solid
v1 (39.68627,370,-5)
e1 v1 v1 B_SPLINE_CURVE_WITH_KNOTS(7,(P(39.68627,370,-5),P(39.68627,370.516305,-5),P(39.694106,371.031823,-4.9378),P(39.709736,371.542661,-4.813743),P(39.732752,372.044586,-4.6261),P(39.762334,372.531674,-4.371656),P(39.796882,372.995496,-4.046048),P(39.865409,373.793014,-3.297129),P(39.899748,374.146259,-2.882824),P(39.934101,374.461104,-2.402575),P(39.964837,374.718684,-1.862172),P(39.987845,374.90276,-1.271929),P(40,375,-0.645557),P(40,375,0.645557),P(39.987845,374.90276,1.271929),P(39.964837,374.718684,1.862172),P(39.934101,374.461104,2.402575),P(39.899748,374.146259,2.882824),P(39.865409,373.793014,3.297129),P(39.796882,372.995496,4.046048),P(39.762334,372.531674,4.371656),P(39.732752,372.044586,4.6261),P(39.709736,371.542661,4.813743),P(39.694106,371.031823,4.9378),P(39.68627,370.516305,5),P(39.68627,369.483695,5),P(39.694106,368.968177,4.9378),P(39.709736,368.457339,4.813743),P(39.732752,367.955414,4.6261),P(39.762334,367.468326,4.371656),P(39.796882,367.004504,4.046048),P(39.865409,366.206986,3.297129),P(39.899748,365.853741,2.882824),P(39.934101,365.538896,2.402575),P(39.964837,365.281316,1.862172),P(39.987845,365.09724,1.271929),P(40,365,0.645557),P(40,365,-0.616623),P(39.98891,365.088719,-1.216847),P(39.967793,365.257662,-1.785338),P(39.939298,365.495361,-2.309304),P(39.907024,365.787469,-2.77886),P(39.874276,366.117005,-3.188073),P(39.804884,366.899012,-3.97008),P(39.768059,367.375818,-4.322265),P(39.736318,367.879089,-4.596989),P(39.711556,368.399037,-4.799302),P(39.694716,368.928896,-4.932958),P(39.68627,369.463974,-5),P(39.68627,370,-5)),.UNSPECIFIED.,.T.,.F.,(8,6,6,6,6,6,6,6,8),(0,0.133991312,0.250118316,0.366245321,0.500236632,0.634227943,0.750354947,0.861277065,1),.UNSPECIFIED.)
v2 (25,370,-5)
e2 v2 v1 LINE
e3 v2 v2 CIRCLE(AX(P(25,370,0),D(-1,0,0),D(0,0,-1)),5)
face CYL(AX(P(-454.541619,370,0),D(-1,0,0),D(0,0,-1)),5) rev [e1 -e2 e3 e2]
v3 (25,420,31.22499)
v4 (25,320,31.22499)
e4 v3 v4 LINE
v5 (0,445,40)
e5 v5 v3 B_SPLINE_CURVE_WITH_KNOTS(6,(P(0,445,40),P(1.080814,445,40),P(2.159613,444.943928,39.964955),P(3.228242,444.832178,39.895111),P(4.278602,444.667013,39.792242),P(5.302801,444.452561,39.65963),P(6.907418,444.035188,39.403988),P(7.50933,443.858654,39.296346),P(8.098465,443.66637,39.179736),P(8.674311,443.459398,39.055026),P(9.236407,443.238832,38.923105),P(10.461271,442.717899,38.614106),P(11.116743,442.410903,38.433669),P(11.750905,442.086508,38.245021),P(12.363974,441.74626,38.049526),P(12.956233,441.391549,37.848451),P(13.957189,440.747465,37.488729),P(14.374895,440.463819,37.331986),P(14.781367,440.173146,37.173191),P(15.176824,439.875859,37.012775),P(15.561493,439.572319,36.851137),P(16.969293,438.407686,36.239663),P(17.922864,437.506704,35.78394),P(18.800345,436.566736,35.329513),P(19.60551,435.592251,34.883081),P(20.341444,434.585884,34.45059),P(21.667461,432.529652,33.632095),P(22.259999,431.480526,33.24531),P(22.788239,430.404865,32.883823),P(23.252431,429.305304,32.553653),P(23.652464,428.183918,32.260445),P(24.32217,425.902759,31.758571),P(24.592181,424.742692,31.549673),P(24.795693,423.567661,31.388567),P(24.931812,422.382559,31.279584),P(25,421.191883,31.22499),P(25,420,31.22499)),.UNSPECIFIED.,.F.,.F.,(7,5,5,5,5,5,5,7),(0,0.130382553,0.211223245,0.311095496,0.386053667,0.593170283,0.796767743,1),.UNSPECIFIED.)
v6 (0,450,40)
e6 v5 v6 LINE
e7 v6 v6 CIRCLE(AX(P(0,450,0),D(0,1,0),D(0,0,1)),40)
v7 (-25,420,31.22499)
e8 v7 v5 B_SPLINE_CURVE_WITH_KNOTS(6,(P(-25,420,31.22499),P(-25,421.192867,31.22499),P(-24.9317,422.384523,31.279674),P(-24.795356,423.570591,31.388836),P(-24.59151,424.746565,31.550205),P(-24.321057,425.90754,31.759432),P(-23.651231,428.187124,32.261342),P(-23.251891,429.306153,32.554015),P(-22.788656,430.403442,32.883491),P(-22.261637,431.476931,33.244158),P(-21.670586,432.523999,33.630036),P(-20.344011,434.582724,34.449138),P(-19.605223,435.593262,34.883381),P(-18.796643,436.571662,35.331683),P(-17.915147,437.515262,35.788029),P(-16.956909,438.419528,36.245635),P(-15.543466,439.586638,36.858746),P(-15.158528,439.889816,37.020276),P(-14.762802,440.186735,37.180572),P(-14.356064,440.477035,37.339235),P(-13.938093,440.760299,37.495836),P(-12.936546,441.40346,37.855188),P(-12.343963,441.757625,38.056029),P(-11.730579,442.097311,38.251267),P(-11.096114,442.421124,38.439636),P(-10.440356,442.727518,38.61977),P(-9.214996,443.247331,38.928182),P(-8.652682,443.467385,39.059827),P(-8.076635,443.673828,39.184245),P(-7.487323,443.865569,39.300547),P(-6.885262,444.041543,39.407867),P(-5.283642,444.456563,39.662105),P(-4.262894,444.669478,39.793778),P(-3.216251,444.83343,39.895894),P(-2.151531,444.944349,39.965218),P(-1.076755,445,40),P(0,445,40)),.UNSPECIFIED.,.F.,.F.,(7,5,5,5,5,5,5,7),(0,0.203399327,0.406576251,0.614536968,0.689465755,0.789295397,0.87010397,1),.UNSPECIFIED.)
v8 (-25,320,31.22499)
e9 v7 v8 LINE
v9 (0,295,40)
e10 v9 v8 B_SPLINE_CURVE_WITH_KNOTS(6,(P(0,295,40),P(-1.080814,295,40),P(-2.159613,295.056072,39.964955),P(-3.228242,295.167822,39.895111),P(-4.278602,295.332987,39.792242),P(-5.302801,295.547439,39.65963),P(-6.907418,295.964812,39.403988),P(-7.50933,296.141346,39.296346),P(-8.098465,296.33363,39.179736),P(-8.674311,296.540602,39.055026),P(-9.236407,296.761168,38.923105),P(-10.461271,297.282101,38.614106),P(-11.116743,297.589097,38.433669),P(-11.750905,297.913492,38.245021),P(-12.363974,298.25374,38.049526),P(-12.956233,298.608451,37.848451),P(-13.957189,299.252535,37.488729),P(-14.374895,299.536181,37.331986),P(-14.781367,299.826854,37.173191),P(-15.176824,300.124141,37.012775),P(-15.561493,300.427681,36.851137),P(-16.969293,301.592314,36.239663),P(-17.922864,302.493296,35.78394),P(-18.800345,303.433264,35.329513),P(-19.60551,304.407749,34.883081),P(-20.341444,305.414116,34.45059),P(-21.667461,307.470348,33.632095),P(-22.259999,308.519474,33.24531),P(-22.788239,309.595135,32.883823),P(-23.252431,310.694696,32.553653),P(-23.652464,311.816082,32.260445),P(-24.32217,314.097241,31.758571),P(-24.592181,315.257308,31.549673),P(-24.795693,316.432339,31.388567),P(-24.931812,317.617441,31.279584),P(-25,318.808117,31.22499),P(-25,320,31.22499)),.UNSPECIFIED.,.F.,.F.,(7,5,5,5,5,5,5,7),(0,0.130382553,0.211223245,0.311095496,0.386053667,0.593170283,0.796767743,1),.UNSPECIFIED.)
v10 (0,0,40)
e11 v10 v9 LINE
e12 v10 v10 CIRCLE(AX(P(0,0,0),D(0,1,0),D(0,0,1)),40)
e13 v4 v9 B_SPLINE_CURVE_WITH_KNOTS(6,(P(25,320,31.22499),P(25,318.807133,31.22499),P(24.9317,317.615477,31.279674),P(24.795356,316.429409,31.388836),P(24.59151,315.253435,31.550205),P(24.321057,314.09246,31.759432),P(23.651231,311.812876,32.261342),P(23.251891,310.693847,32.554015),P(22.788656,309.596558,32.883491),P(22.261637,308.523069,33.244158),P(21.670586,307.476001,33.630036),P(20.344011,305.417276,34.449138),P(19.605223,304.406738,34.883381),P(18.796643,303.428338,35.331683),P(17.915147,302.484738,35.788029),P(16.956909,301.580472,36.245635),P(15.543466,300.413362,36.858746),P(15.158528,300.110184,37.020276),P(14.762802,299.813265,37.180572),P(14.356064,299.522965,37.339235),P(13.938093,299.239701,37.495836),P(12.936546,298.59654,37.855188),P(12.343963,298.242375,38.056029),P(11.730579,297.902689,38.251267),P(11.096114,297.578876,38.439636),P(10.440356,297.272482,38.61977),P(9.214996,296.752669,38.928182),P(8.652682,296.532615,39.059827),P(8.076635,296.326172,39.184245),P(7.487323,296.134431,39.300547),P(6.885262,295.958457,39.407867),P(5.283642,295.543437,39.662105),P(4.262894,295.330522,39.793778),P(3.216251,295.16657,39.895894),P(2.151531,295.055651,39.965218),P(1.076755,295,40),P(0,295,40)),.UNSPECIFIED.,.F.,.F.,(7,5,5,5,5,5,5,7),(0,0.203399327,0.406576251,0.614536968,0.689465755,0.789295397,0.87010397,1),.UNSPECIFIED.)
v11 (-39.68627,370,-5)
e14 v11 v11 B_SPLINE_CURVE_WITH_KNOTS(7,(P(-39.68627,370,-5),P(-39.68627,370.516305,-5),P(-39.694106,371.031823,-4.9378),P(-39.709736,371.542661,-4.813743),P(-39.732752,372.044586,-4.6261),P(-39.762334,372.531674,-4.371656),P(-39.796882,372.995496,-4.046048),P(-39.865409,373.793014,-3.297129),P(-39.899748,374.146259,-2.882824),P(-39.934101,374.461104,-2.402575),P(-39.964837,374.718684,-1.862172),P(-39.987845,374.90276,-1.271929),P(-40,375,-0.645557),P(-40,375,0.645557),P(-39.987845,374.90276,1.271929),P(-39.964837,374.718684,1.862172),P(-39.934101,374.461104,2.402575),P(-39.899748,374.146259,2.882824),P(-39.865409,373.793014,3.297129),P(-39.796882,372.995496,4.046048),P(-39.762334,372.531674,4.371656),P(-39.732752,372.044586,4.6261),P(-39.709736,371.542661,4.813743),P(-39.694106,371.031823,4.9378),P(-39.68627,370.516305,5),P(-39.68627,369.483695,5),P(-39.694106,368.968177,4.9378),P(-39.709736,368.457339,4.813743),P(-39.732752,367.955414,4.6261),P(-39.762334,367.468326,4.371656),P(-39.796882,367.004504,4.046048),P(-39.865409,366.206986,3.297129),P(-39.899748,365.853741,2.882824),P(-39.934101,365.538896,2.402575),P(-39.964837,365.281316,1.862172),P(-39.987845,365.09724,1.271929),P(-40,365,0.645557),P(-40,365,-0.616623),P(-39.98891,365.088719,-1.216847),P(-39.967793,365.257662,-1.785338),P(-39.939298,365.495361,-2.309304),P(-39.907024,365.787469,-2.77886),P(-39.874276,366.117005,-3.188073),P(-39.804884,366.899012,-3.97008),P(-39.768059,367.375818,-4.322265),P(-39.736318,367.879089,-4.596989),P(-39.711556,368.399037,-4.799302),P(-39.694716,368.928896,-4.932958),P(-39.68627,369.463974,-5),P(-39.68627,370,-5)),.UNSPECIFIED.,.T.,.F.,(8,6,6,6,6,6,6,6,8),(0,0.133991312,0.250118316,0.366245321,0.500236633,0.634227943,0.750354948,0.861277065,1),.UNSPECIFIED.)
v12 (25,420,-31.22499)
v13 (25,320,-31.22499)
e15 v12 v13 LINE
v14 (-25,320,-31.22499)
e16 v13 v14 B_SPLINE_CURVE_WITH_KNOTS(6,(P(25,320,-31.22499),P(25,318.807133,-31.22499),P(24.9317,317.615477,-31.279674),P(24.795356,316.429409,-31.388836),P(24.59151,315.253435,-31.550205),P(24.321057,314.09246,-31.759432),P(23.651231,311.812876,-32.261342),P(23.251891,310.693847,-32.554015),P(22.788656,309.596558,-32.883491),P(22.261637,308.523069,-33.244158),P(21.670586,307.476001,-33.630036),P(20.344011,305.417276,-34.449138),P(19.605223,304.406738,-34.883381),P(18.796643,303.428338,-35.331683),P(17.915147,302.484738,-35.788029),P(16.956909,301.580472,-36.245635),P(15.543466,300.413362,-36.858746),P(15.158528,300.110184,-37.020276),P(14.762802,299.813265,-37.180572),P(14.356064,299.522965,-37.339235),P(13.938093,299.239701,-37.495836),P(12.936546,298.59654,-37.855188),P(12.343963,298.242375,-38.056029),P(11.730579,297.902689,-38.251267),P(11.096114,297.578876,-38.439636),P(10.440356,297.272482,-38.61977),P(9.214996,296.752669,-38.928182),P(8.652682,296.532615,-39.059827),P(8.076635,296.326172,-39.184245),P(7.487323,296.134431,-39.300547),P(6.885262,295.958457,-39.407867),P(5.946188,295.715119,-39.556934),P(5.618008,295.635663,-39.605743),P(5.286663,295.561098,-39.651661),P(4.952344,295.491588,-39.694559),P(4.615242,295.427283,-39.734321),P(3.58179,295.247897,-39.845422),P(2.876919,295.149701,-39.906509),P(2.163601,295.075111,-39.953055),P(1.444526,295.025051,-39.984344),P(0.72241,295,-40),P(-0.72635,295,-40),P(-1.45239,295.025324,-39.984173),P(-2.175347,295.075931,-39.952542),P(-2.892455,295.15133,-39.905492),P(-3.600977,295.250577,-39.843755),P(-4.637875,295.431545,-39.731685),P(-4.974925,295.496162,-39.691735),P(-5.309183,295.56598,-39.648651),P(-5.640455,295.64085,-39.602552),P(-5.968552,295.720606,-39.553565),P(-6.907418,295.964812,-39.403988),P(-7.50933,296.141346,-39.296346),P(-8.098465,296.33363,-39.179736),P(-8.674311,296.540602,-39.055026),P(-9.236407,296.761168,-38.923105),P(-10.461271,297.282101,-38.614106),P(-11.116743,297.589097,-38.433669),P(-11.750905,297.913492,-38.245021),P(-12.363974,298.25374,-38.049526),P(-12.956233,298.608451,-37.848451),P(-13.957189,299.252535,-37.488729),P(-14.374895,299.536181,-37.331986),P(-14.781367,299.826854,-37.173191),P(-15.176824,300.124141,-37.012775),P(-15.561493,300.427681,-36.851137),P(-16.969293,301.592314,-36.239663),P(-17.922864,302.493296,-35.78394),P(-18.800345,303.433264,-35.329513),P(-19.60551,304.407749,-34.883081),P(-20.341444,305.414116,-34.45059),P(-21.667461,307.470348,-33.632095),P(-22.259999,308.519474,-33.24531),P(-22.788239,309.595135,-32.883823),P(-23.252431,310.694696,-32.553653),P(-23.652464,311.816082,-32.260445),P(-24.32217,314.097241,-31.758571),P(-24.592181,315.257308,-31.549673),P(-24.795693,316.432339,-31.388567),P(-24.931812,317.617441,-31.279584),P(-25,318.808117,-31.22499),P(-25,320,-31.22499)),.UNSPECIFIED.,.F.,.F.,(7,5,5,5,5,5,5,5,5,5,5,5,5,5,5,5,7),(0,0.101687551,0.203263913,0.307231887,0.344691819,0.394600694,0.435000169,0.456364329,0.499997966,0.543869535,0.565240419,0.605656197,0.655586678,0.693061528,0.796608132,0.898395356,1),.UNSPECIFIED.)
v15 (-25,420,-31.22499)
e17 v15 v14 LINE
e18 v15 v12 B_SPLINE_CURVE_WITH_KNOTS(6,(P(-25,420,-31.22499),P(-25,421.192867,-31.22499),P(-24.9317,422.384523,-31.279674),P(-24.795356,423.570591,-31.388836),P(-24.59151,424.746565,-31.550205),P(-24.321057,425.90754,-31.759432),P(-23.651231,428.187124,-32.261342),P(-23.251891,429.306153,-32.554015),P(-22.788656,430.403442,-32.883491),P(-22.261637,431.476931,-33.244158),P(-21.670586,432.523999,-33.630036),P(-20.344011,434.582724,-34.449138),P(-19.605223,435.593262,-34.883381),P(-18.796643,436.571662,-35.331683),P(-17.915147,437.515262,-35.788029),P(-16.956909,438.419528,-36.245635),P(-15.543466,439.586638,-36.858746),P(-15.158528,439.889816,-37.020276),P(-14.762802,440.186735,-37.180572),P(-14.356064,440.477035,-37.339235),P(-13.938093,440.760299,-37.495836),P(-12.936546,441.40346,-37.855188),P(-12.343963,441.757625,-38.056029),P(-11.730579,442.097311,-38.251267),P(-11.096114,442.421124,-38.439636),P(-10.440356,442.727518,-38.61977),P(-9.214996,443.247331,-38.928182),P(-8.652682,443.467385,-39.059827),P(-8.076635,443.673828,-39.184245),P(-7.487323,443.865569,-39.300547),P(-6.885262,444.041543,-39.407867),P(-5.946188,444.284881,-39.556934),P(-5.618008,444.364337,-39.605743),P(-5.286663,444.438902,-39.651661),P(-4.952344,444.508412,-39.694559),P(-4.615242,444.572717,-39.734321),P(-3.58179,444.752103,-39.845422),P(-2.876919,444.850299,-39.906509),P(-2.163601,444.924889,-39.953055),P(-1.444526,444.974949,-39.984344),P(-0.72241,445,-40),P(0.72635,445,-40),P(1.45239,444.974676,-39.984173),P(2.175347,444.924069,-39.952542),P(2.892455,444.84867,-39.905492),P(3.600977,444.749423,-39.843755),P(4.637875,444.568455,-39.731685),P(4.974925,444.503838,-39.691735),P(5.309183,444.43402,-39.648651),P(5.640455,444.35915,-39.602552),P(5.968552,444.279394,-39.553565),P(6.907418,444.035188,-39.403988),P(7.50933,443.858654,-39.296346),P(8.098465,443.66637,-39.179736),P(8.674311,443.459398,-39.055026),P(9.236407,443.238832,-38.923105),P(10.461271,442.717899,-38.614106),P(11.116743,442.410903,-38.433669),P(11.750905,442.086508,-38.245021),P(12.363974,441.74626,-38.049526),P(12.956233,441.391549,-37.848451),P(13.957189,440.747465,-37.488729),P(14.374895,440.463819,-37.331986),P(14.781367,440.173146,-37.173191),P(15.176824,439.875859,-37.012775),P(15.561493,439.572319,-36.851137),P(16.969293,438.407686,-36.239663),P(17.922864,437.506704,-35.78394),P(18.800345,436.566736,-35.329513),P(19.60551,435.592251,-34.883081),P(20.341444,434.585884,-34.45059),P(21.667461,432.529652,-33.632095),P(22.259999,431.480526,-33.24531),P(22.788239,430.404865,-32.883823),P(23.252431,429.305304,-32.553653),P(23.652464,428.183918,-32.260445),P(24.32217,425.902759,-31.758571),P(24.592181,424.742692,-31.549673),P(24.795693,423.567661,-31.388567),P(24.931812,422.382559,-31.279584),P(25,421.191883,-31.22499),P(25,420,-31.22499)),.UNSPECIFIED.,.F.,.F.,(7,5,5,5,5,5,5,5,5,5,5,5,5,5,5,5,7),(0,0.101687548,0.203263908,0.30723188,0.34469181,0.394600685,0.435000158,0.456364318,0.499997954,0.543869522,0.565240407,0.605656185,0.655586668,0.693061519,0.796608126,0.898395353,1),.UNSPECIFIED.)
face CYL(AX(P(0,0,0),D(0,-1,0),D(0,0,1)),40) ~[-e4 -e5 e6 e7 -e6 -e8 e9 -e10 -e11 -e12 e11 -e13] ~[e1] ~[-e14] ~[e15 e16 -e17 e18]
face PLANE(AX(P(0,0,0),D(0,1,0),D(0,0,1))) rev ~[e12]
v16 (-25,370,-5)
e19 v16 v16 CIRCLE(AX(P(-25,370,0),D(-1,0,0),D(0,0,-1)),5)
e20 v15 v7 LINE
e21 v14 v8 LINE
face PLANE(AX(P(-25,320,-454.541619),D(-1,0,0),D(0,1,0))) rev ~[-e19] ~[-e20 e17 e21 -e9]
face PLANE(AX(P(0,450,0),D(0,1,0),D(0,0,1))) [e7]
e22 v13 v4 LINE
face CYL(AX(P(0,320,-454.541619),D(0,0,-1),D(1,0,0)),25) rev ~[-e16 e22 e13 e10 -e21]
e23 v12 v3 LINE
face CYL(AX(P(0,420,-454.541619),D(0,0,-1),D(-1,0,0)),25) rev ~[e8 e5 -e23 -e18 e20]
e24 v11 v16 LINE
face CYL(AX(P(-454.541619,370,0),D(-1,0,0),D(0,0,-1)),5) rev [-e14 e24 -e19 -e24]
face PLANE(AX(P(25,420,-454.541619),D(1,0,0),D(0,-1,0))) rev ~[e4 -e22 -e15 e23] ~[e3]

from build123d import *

# Parameters (mm, degrees)
SKETCH1_R               = 40
BOSS_EXTRUDE1_DEPTH     = 450
CUT_EXTRUDE1_DEPTH      = 454.541618818
CUT_EXTRUDE1_DEPTH_BACK = 454.541618818
CUT_EXTRUDE2_DEPTH      = 454.541618935
CUT_EXTRUDE2_DEPTH_BACK = 454.541618935
SKETCH3_R               = 5


with BuildPart() as part:
    # Sketch1 → Boss-Extrude1 (new body)
    with BuildSketch(Plane(origin=(0, 0, 0), x_dir=(1, 0, 0), z_dir=(0, 1, 0))):
        with Locations(Location((0, 0, 0), (0, 0, 270))):
            Circle(SKETCH1_R)
    extrude(amount=BOSS_EXTRUDE1_DEPTH)

    # Sketch2 → Cut-Extrude1 (cut, two sides: drawn at the far end of the back side and taken through both)
    with BuildSketch(Plane.XY.offset(-CUT_EXTRUDE1_DEPTH_BACK)):
        with BuildLine():
            Line((25, 420), (25, 320))
            ThreePointArc((25, 320), (0, 295), (-25, 320))
            Line((-25, 320), (-25, 420))
            ThreePointArc((-25, 420), (0, 445), (25, 420))
        make_face()
    extrude(amount=CUT_EXTRUDE1_DEPTH + CUT_EXTRUDE1_DEPTH_BACK, mode=Mode.SUBTRACT)

    # Sketch3 → Cut-Extrude2 (cut, two sides: drawn at the far end of the back side and taken through both)
    with BuildSketch(Plane(origin=(0, 0, 0), x_dir=(0, 0, -1), z_dir=(1, 0, 0)).offset(-CUT_EXTRUDE2_DEPTH_BACK)):
        with Locations((0, 370)):
            Circle(SKETCH3_R)
    extrude(amount=CUT_EXTRUDE2_DEPTH + CUT_EXTRUDE2_DEPTH_BACK, mode=Mode.SUBTRACT)


solid = part.part
